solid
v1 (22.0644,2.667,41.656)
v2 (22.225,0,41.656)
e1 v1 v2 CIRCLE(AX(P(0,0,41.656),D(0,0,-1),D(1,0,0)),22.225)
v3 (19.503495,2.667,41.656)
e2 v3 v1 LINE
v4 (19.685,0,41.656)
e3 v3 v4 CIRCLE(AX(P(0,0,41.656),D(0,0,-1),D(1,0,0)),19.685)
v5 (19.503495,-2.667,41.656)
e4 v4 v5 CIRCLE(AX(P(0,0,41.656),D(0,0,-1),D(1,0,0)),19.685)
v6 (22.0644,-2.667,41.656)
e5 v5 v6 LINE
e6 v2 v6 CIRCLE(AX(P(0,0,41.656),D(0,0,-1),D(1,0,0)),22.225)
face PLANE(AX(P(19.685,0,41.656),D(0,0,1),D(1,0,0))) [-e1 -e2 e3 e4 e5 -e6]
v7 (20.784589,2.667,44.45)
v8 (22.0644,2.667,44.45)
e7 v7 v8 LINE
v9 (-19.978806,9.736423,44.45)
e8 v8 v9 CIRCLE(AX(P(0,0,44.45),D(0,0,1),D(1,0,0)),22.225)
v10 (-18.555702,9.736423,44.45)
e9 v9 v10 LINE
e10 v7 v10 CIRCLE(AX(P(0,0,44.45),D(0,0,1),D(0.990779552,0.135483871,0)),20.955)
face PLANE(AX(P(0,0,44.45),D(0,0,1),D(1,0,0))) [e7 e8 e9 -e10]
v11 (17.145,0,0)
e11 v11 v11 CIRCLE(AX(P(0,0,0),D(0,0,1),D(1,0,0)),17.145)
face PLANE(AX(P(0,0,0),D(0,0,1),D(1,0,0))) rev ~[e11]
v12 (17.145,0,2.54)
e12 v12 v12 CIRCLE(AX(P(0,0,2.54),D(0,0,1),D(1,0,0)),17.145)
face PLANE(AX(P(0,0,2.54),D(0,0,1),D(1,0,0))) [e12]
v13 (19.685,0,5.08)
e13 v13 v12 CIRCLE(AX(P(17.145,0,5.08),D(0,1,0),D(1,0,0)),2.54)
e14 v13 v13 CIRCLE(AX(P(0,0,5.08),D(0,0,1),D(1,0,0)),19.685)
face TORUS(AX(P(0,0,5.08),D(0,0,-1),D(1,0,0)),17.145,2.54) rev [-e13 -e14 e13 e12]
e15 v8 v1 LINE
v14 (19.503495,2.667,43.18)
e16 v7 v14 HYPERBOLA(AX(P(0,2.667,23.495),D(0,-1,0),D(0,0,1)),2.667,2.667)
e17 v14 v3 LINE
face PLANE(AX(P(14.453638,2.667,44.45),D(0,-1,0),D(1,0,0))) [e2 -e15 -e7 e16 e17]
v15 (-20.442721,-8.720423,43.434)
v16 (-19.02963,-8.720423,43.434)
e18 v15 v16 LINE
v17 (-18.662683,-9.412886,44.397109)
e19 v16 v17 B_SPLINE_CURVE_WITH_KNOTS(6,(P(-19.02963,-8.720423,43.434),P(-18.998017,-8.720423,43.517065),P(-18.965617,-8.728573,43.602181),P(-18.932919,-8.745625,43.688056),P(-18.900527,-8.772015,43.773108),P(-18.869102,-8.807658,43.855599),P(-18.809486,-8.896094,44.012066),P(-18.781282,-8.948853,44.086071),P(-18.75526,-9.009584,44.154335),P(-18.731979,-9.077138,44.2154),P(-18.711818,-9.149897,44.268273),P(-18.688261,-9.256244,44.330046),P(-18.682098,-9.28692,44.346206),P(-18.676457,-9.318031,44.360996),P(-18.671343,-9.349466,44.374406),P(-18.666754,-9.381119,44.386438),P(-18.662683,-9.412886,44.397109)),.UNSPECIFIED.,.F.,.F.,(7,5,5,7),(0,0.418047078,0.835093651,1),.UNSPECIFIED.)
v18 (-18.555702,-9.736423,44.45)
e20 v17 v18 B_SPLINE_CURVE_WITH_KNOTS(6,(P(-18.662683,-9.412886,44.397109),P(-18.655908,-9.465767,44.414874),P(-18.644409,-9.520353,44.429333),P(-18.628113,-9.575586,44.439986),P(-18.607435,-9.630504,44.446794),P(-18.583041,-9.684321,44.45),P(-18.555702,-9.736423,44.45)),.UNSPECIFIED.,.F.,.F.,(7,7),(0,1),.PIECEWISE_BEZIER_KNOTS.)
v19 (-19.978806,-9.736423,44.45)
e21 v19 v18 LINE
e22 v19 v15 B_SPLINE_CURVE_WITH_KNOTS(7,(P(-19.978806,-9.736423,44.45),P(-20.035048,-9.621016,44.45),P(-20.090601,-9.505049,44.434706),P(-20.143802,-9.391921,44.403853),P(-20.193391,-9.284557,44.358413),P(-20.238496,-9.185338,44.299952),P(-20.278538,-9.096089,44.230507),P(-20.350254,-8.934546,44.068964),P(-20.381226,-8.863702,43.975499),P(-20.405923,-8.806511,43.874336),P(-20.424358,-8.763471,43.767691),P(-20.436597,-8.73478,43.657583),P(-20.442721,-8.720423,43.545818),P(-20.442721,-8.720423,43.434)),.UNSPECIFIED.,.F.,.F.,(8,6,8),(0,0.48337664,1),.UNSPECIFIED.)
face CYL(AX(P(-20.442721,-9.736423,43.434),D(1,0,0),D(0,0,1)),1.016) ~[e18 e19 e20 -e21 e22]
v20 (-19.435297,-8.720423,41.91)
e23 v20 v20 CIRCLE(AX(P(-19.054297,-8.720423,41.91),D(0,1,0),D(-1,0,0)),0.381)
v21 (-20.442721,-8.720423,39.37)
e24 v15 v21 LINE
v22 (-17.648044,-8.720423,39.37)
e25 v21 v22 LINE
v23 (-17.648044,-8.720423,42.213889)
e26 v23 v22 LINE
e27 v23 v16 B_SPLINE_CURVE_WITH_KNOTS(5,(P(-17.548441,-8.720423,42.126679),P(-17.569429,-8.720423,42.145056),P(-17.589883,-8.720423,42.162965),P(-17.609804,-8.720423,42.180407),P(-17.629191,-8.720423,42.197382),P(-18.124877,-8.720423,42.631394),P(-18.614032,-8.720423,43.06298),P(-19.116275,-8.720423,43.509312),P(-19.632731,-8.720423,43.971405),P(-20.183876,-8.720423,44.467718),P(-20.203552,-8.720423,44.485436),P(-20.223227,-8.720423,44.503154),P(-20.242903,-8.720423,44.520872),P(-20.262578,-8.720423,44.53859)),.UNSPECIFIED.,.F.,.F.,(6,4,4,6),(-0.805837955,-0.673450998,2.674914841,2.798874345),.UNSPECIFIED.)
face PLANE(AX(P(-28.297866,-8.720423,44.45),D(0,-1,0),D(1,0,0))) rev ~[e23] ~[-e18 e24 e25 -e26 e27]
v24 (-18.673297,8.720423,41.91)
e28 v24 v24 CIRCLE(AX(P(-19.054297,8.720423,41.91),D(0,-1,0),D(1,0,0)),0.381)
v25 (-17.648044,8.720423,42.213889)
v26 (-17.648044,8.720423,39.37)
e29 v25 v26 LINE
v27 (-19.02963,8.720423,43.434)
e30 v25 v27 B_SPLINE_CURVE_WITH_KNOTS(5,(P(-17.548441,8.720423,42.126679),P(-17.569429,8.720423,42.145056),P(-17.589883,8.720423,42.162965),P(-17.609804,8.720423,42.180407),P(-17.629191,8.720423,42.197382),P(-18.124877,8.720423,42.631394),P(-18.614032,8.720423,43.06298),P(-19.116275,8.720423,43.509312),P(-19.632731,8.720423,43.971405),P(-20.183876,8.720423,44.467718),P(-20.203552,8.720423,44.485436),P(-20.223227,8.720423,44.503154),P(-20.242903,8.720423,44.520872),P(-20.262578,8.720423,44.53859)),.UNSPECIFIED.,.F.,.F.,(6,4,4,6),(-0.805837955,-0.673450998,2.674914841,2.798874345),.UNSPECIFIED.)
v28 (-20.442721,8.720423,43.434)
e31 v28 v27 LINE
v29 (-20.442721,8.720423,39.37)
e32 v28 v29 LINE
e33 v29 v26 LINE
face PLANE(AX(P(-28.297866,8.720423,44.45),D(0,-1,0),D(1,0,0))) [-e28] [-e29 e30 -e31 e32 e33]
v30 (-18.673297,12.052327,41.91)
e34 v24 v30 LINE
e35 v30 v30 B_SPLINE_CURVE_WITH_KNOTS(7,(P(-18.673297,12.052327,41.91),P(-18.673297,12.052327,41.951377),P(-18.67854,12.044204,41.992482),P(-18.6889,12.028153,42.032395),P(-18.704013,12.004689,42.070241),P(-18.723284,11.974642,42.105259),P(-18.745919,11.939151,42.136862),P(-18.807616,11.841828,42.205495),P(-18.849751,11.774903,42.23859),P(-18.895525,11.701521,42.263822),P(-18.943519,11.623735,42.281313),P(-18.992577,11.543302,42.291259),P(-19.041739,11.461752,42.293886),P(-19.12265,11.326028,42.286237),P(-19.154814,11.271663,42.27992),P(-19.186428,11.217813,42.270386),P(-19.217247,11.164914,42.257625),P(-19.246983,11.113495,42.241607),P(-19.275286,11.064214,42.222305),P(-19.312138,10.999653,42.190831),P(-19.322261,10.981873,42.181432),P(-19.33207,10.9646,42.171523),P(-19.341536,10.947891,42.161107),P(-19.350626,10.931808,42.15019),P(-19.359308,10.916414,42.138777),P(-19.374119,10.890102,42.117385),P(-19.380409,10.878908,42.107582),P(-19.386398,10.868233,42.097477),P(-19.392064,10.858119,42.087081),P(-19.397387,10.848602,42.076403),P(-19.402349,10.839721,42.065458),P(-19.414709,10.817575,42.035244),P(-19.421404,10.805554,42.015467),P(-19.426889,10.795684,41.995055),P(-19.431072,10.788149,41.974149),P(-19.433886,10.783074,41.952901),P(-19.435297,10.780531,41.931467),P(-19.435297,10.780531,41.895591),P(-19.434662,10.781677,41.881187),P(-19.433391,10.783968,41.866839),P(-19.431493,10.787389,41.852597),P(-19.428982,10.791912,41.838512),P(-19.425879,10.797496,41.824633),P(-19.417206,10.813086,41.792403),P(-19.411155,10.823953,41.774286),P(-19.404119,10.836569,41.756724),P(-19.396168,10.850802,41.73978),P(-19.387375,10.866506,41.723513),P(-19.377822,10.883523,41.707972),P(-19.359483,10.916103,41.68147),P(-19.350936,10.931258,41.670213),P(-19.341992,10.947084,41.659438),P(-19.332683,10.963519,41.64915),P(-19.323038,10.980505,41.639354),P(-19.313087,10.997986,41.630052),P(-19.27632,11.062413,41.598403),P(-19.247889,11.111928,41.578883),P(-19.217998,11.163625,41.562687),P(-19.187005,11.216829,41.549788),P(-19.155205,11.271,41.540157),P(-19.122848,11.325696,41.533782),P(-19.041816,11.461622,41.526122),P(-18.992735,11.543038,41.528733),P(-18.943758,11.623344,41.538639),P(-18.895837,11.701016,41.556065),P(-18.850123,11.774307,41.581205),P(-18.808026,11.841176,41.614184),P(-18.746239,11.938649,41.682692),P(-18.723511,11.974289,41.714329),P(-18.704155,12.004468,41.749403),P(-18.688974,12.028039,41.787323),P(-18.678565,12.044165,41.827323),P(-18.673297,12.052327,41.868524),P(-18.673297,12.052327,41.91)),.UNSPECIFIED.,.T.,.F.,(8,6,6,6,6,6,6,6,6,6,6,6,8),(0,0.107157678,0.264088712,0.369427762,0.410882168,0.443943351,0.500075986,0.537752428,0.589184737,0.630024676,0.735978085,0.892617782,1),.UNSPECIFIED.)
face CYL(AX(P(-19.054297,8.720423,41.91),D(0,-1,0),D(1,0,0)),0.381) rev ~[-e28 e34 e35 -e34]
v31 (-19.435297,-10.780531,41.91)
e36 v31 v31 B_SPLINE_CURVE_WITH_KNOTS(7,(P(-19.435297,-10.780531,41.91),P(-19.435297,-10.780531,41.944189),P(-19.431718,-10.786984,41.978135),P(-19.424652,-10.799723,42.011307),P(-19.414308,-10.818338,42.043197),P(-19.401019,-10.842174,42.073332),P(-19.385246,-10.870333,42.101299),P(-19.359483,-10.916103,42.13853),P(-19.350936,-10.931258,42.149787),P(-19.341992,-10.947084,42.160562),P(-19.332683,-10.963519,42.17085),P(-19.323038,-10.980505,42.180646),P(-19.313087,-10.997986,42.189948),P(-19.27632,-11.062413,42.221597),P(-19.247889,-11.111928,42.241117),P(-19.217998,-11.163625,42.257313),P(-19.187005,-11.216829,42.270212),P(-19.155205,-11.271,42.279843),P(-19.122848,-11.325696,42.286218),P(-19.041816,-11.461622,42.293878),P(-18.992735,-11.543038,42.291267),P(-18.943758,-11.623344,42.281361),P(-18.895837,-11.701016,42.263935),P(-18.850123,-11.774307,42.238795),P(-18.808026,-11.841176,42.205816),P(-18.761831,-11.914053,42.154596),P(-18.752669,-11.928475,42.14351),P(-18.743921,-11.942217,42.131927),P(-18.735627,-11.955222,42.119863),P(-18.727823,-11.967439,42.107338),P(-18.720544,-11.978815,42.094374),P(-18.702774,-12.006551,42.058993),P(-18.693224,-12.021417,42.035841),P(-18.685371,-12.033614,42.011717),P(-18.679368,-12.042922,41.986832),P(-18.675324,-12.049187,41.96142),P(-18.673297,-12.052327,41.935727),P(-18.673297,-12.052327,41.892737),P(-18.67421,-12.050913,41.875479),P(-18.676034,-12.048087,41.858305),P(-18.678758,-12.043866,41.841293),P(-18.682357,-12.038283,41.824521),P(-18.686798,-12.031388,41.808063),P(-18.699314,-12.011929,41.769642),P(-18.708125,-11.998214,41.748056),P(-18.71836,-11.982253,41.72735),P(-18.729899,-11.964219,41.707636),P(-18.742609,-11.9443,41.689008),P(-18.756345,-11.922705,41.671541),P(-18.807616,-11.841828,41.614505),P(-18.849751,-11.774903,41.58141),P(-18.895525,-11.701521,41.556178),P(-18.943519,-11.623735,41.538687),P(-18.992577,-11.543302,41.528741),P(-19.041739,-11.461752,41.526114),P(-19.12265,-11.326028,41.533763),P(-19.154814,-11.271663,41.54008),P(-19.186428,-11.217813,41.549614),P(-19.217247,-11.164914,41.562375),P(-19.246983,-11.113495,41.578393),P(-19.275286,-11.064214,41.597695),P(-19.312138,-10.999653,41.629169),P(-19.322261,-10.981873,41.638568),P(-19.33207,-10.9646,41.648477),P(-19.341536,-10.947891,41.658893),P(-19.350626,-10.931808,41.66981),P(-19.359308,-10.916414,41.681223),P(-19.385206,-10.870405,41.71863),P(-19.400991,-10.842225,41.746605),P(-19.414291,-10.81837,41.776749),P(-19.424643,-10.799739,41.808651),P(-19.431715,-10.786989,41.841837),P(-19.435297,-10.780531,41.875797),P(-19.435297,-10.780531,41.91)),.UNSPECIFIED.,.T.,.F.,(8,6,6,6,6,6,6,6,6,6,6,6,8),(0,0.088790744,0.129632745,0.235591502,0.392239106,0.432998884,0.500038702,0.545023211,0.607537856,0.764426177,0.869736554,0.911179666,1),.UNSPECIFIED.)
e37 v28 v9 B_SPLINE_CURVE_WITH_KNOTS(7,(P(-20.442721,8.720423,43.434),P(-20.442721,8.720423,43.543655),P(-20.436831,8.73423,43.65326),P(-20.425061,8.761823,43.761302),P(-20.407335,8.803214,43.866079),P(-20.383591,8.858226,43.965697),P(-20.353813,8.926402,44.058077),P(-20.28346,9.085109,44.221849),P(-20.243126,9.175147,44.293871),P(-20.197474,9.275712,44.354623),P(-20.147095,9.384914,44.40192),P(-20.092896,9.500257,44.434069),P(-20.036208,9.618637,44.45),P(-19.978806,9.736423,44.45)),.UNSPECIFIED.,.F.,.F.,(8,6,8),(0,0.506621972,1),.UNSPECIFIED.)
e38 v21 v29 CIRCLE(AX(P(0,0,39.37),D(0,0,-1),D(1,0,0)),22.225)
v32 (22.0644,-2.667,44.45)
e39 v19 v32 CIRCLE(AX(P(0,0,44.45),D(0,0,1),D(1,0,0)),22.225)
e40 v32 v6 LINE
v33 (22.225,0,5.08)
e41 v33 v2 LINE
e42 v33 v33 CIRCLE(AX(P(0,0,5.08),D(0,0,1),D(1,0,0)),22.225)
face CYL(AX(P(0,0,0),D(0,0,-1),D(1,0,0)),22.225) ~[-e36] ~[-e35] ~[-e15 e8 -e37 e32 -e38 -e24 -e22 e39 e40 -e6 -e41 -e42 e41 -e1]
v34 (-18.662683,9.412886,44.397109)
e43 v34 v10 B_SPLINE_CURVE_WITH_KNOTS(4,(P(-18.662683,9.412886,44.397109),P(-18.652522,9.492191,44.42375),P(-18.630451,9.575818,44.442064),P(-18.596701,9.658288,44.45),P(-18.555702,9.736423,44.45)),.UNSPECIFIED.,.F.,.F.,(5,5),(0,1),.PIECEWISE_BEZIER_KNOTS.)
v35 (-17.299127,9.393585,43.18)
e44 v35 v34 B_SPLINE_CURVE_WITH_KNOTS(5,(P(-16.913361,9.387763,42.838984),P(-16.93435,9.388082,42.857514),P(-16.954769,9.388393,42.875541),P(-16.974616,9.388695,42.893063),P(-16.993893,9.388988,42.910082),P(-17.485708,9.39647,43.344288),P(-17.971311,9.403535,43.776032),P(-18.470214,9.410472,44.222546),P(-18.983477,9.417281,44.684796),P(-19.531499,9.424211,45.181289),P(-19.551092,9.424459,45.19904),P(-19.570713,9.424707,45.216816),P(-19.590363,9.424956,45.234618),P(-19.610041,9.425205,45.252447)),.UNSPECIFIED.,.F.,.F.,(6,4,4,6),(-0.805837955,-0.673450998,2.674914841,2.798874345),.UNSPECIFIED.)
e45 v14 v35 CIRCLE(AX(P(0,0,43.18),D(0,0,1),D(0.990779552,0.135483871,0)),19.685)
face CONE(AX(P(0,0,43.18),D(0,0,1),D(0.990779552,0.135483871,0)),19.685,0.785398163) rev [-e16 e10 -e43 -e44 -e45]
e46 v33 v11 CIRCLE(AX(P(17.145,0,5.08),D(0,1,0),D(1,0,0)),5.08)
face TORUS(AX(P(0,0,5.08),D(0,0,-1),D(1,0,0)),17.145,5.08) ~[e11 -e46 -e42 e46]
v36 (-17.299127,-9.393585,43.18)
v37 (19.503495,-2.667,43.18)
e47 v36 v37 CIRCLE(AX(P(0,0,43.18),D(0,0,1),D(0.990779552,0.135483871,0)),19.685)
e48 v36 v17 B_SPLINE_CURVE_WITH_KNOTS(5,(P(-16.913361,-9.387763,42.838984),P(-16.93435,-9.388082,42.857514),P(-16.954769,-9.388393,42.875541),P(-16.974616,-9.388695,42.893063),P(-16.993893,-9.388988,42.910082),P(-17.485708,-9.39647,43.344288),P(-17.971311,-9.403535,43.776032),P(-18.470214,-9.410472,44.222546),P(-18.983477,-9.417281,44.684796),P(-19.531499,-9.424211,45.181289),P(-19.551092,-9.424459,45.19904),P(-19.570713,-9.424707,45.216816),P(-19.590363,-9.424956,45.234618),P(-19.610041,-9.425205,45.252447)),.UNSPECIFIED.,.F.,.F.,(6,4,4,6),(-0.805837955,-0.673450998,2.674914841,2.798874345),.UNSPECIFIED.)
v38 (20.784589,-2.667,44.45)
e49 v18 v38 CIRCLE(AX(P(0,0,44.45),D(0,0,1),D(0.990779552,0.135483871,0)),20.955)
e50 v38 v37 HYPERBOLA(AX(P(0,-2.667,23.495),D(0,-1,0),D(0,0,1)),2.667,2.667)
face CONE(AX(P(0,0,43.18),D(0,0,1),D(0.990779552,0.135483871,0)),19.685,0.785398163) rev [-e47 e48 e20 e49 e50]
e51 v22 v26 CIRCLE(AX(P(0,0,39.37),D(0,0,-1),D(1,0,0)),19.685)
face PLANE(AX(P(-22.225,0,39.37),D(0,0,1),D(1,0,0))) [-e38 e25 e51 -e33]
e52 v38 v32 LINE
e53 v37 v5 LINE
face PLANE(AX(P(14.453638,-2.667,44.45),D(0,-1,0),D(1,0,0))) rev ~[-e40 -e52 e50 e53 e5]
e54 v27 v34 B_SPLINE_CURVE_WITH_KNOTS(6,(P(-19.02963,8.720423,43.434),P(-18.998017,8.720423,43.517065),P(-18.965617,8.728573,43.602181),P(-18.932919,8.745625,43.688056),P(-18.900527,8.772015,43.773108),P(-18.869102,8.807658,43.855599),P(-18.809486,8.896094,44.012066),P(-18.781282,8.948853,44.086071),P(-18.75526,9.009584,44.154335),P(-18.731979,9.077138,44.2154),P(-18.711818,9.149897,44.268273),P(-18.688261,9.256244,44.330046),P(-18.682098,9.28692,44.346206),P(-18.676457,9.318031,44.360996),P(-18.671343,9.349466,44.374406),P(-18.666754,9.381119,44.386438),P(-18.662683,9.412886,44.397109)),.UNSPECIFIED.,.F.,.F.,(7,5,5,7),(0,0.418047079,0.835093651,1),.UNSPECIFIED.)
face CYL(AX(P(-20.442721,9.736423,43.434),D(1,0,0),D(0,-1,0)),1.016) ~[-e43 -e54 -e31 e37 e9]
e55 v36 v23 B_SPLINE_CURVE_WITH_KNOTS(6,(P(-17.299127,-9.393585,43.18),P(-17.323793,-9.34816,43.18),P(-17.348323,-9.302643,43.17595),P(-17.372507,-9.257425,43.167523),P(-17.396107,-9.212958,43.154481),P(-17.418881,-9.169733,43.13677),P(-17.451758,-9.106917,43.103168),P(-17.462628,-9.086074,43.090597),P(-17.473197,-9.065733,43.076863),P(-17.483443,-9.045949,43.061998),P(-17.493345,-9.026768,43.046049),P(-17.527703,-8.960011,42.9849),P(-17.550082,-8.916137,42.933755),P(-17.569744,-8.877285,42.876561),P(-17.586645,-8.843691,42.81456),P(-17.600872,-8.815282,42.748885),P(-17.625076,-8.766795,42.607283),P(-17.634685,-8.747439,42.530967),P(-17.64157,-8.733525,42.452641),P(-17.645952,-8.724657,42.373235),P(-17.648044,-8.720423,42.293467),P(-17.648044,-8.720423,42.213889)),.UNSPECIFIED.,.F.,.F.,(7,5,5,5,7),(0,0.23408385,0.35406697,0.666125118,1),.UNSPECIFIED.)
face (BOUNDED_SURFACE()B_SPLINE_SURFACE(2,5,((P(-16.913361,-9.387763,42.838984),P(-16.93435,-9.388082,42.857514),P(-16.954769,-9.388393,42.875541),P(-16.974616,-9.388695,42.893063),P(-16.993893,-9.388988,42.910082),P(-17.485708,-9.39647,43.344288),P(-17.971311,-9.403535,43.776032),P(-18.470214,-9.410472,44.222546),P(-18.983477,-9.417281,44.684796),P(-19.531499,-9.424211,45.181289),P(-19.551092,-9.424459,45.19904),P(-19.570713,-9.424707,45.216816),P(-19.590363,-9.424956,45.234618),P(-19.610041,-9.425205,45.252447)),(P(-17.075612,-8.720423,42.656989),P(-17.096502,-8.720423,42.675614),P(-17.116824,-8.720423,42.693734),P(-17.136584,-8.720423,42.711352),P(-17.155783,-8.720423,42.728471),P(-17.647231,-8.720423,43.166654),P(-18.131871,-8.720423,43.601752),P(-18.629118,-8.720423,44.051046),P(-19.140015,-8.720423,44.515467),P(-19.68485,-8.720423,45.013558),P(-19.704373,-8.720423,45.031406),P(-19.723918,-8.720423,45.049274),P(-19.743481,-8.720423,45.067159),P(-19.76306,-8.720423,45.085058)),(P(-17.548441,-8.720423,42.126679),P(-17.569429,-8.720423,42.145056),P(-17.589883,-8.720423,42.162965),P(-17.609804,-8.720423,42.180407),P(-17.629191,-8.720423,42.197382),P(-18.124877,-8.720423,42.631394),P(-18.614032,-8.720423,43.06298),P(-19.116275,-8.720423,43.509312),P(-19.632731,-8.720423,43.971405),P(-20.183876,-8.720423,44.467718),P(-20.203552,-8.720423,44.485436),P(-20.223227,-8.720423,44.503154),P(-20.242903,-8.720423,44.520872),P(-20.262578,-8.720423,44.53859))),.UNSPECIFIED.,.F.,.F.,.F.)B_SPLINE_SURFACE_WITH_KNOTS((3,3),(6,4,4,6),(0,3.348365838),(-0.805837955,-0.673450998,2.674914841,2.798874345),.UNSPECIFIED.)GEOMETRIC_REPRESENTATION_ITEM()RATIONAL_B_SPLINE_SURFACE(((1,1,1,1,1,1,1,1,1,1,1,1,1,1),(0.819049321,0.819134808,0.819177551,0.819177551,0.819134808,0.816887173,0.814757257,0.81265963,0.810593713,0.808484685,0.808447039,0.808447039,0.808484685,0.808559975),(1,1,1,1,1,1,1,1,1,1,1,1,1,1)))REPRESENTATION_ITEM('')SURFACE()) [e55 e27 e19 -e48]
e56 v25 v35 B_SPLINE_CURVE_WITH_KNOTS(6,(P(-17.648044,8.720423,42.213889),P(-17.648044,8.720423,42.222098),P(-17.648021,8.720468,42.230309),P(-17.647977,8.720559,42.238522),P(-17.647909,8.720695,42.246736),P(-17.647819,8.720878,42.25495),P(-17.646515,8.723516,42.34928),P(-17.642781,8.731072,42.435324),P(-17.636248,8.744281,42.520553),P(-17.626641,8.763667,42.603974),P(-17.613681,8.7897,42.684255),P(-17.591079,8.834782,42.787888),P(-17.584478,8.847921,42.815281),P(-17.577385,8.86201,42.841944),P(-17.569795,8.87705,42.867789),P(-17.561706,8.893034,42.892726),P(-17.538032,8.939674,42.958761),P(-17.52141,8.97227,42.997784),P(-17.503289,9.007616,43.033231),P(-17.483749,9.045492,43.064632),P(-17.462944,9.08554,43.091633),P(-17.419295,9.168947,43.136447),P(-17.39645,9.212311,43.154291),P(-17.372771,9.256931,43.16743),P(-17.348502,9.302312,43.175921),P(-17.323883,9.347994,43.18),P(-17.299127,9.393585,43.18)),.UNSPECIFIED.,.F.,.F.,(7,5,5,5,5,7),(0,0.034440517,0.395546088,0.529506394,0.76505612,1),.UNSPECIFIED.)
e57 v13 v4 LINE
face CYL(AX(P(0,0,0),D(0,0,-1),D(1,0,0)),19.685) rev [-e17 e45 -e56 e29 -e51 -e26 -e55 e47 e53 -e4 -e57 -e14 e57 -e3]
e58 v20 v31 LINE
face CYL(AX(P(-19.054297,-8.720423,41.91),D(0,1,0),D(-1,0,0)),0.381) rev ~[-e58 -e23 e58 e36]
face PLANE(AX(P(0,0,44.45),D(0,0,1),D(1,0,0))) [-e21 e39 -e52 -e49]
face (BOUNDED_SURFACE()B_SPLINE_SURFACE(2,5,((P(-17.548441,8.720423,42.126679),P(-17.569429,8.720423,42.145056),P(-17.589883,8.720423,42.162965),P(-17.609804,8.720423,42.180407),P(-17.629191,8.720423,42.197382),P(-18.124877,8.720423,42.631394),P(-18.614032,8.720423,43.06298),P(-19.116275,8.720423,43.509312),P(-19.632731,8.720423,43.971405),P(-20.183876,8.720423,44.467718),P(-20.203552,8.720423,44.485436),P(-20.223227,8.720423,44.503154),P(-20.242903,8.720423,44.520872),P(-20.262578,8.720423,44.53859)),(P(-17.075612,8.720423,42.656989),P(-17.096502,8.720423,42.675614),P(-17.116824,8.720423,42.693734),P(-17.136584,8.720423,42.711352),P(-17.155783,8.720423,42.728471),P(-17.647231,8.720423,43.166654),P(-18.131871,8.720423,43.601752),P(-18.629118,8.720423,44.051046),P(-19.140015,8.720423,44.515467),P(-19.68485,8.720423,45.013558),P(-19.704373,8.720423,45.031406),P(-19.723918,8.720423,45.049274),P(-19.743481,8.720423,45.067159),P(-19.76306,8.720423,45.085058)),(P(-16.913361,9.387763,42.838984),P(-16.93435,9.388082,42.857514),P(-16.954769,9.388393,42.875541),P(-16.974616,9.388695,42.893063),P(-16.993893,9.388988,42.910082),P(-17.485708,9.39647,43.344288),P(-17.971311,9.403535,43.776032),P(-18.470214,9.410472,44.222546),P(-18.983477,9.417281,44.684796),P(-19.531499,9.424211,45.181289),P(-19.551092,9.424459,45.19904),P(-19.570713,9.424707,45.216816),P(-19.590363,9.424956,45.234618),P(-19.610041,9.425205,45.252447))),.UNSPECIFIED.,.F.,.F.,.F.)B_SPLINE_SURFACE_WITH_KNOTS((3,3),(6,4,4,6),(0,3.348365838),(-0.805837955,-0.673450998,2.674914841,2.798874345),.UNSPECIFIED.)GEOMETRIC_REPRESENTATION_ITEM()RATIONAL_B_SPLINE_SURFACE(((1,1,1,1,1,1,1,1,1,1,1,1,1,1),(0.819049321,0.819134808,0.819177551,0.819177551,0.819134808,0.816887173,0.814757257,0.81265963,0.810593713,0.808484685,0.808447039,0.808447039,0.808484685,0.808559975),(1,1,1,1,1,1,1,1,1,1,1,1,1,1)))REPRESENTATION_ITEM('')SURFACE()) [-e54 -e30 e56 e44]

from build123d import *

# Parameters (mm, degrees)
F0_R      = 22.225
F1_DEPTH  = 44.45
F2_R      = 5.08
F3_T      = -2.54
F4_W      = 10.4627240348
F4_H      = 5.334
F5_DEPTH  = 2.794
F6_SIZE   = 1.27
F7_W      = 12.1457316697
F7_H      = 17.4408461899
F8_DEPTH  = 5.08
F9_R      = 0.381
F10_DEPTH = 6.35
F11_R     = 0.381
F12_DEPTH = 6.35
F13_R     = 1.016


with BuildPart() as f1:
    # F0 (on Top) → F1 (new body)
    with BuildSketch(Plane.XY):
        Circle(F0_R)
    extrude(amount=F1_DEPTH)

    # F2
    f2_edges = [f1.edges().sort_by_distance(p)[0] for p in [
        (-22.225, 0, 0),
    ]]
    fillet(f2_edges, radius=F2_R)

    # F3
    f3_openings = [f1.faces().sort_by_distance(p)[0] for p in [
        (0, 0, 44.45),
    ]]
    offset(amount=F3_T, openings=f3_openings)

    # F4 (on face) → F5 (cut)
    with BuildSketch(Plane.XY.offset(44.45)):
        with Locations((19.685, 0)):
            Rectangle(F4_W, F4_H)
    extrude(amount=-F5_DEPTH, mode=Mode.SUBTRACT)

    # F6
    f6_edges = [f1.edges().sort_by_distance(p)[0] for p in [
        (-19.685, 0, 44.45),
    ]]
    chamfer(f6_edges, length=F6_SIZE)

    # F7 (on face) → F8 (cut)
    with BuildSketch(Plane.XY.offset(44.45)):
        with Locations((-22.225, 0)):
            Rectangle(F7_W, F7_H)
    extrude(amount=-F8_DEPTH, mode=Mode.SUBTRACT)

    # F9 (on face) → F10 (cut)
    with BuildSketch(Plane(origin=(0, -8.7204230949, 0), x_dir=(-1, 0, 0), z_dir=(0, 1, 0))):
        with Locations((19.0542973118, 41.91)):
            Circle(F9_R)
    extrude(amount=-F10_DEPTH, mode=Mode.SUBTRACT)

    # F11 (on face) → F12 (cut)
    with BuildSketch(Plane.XZ.offset(-8.7204230949)):
        with Locations((-19.0542973118, 41.91)):
            Circle(F11_R)
    extrude(amount=-F12_DEPTH, mode=Mode.SUBTRACT)

    # F13
    f13_edges = [f1.edges().sort_by_distance(p)[0] for p in [
        (-19.748509, 8.720423, 44.45),
        (-19.748509, -8.720423, 44.45),
        (-18.352286, -8.720423, 43.813764),
        (-18.352286, 8.720423, 43.813764),
    ]]
    fillet(f13_edges, radius=F13_R)


solid = f1.part
